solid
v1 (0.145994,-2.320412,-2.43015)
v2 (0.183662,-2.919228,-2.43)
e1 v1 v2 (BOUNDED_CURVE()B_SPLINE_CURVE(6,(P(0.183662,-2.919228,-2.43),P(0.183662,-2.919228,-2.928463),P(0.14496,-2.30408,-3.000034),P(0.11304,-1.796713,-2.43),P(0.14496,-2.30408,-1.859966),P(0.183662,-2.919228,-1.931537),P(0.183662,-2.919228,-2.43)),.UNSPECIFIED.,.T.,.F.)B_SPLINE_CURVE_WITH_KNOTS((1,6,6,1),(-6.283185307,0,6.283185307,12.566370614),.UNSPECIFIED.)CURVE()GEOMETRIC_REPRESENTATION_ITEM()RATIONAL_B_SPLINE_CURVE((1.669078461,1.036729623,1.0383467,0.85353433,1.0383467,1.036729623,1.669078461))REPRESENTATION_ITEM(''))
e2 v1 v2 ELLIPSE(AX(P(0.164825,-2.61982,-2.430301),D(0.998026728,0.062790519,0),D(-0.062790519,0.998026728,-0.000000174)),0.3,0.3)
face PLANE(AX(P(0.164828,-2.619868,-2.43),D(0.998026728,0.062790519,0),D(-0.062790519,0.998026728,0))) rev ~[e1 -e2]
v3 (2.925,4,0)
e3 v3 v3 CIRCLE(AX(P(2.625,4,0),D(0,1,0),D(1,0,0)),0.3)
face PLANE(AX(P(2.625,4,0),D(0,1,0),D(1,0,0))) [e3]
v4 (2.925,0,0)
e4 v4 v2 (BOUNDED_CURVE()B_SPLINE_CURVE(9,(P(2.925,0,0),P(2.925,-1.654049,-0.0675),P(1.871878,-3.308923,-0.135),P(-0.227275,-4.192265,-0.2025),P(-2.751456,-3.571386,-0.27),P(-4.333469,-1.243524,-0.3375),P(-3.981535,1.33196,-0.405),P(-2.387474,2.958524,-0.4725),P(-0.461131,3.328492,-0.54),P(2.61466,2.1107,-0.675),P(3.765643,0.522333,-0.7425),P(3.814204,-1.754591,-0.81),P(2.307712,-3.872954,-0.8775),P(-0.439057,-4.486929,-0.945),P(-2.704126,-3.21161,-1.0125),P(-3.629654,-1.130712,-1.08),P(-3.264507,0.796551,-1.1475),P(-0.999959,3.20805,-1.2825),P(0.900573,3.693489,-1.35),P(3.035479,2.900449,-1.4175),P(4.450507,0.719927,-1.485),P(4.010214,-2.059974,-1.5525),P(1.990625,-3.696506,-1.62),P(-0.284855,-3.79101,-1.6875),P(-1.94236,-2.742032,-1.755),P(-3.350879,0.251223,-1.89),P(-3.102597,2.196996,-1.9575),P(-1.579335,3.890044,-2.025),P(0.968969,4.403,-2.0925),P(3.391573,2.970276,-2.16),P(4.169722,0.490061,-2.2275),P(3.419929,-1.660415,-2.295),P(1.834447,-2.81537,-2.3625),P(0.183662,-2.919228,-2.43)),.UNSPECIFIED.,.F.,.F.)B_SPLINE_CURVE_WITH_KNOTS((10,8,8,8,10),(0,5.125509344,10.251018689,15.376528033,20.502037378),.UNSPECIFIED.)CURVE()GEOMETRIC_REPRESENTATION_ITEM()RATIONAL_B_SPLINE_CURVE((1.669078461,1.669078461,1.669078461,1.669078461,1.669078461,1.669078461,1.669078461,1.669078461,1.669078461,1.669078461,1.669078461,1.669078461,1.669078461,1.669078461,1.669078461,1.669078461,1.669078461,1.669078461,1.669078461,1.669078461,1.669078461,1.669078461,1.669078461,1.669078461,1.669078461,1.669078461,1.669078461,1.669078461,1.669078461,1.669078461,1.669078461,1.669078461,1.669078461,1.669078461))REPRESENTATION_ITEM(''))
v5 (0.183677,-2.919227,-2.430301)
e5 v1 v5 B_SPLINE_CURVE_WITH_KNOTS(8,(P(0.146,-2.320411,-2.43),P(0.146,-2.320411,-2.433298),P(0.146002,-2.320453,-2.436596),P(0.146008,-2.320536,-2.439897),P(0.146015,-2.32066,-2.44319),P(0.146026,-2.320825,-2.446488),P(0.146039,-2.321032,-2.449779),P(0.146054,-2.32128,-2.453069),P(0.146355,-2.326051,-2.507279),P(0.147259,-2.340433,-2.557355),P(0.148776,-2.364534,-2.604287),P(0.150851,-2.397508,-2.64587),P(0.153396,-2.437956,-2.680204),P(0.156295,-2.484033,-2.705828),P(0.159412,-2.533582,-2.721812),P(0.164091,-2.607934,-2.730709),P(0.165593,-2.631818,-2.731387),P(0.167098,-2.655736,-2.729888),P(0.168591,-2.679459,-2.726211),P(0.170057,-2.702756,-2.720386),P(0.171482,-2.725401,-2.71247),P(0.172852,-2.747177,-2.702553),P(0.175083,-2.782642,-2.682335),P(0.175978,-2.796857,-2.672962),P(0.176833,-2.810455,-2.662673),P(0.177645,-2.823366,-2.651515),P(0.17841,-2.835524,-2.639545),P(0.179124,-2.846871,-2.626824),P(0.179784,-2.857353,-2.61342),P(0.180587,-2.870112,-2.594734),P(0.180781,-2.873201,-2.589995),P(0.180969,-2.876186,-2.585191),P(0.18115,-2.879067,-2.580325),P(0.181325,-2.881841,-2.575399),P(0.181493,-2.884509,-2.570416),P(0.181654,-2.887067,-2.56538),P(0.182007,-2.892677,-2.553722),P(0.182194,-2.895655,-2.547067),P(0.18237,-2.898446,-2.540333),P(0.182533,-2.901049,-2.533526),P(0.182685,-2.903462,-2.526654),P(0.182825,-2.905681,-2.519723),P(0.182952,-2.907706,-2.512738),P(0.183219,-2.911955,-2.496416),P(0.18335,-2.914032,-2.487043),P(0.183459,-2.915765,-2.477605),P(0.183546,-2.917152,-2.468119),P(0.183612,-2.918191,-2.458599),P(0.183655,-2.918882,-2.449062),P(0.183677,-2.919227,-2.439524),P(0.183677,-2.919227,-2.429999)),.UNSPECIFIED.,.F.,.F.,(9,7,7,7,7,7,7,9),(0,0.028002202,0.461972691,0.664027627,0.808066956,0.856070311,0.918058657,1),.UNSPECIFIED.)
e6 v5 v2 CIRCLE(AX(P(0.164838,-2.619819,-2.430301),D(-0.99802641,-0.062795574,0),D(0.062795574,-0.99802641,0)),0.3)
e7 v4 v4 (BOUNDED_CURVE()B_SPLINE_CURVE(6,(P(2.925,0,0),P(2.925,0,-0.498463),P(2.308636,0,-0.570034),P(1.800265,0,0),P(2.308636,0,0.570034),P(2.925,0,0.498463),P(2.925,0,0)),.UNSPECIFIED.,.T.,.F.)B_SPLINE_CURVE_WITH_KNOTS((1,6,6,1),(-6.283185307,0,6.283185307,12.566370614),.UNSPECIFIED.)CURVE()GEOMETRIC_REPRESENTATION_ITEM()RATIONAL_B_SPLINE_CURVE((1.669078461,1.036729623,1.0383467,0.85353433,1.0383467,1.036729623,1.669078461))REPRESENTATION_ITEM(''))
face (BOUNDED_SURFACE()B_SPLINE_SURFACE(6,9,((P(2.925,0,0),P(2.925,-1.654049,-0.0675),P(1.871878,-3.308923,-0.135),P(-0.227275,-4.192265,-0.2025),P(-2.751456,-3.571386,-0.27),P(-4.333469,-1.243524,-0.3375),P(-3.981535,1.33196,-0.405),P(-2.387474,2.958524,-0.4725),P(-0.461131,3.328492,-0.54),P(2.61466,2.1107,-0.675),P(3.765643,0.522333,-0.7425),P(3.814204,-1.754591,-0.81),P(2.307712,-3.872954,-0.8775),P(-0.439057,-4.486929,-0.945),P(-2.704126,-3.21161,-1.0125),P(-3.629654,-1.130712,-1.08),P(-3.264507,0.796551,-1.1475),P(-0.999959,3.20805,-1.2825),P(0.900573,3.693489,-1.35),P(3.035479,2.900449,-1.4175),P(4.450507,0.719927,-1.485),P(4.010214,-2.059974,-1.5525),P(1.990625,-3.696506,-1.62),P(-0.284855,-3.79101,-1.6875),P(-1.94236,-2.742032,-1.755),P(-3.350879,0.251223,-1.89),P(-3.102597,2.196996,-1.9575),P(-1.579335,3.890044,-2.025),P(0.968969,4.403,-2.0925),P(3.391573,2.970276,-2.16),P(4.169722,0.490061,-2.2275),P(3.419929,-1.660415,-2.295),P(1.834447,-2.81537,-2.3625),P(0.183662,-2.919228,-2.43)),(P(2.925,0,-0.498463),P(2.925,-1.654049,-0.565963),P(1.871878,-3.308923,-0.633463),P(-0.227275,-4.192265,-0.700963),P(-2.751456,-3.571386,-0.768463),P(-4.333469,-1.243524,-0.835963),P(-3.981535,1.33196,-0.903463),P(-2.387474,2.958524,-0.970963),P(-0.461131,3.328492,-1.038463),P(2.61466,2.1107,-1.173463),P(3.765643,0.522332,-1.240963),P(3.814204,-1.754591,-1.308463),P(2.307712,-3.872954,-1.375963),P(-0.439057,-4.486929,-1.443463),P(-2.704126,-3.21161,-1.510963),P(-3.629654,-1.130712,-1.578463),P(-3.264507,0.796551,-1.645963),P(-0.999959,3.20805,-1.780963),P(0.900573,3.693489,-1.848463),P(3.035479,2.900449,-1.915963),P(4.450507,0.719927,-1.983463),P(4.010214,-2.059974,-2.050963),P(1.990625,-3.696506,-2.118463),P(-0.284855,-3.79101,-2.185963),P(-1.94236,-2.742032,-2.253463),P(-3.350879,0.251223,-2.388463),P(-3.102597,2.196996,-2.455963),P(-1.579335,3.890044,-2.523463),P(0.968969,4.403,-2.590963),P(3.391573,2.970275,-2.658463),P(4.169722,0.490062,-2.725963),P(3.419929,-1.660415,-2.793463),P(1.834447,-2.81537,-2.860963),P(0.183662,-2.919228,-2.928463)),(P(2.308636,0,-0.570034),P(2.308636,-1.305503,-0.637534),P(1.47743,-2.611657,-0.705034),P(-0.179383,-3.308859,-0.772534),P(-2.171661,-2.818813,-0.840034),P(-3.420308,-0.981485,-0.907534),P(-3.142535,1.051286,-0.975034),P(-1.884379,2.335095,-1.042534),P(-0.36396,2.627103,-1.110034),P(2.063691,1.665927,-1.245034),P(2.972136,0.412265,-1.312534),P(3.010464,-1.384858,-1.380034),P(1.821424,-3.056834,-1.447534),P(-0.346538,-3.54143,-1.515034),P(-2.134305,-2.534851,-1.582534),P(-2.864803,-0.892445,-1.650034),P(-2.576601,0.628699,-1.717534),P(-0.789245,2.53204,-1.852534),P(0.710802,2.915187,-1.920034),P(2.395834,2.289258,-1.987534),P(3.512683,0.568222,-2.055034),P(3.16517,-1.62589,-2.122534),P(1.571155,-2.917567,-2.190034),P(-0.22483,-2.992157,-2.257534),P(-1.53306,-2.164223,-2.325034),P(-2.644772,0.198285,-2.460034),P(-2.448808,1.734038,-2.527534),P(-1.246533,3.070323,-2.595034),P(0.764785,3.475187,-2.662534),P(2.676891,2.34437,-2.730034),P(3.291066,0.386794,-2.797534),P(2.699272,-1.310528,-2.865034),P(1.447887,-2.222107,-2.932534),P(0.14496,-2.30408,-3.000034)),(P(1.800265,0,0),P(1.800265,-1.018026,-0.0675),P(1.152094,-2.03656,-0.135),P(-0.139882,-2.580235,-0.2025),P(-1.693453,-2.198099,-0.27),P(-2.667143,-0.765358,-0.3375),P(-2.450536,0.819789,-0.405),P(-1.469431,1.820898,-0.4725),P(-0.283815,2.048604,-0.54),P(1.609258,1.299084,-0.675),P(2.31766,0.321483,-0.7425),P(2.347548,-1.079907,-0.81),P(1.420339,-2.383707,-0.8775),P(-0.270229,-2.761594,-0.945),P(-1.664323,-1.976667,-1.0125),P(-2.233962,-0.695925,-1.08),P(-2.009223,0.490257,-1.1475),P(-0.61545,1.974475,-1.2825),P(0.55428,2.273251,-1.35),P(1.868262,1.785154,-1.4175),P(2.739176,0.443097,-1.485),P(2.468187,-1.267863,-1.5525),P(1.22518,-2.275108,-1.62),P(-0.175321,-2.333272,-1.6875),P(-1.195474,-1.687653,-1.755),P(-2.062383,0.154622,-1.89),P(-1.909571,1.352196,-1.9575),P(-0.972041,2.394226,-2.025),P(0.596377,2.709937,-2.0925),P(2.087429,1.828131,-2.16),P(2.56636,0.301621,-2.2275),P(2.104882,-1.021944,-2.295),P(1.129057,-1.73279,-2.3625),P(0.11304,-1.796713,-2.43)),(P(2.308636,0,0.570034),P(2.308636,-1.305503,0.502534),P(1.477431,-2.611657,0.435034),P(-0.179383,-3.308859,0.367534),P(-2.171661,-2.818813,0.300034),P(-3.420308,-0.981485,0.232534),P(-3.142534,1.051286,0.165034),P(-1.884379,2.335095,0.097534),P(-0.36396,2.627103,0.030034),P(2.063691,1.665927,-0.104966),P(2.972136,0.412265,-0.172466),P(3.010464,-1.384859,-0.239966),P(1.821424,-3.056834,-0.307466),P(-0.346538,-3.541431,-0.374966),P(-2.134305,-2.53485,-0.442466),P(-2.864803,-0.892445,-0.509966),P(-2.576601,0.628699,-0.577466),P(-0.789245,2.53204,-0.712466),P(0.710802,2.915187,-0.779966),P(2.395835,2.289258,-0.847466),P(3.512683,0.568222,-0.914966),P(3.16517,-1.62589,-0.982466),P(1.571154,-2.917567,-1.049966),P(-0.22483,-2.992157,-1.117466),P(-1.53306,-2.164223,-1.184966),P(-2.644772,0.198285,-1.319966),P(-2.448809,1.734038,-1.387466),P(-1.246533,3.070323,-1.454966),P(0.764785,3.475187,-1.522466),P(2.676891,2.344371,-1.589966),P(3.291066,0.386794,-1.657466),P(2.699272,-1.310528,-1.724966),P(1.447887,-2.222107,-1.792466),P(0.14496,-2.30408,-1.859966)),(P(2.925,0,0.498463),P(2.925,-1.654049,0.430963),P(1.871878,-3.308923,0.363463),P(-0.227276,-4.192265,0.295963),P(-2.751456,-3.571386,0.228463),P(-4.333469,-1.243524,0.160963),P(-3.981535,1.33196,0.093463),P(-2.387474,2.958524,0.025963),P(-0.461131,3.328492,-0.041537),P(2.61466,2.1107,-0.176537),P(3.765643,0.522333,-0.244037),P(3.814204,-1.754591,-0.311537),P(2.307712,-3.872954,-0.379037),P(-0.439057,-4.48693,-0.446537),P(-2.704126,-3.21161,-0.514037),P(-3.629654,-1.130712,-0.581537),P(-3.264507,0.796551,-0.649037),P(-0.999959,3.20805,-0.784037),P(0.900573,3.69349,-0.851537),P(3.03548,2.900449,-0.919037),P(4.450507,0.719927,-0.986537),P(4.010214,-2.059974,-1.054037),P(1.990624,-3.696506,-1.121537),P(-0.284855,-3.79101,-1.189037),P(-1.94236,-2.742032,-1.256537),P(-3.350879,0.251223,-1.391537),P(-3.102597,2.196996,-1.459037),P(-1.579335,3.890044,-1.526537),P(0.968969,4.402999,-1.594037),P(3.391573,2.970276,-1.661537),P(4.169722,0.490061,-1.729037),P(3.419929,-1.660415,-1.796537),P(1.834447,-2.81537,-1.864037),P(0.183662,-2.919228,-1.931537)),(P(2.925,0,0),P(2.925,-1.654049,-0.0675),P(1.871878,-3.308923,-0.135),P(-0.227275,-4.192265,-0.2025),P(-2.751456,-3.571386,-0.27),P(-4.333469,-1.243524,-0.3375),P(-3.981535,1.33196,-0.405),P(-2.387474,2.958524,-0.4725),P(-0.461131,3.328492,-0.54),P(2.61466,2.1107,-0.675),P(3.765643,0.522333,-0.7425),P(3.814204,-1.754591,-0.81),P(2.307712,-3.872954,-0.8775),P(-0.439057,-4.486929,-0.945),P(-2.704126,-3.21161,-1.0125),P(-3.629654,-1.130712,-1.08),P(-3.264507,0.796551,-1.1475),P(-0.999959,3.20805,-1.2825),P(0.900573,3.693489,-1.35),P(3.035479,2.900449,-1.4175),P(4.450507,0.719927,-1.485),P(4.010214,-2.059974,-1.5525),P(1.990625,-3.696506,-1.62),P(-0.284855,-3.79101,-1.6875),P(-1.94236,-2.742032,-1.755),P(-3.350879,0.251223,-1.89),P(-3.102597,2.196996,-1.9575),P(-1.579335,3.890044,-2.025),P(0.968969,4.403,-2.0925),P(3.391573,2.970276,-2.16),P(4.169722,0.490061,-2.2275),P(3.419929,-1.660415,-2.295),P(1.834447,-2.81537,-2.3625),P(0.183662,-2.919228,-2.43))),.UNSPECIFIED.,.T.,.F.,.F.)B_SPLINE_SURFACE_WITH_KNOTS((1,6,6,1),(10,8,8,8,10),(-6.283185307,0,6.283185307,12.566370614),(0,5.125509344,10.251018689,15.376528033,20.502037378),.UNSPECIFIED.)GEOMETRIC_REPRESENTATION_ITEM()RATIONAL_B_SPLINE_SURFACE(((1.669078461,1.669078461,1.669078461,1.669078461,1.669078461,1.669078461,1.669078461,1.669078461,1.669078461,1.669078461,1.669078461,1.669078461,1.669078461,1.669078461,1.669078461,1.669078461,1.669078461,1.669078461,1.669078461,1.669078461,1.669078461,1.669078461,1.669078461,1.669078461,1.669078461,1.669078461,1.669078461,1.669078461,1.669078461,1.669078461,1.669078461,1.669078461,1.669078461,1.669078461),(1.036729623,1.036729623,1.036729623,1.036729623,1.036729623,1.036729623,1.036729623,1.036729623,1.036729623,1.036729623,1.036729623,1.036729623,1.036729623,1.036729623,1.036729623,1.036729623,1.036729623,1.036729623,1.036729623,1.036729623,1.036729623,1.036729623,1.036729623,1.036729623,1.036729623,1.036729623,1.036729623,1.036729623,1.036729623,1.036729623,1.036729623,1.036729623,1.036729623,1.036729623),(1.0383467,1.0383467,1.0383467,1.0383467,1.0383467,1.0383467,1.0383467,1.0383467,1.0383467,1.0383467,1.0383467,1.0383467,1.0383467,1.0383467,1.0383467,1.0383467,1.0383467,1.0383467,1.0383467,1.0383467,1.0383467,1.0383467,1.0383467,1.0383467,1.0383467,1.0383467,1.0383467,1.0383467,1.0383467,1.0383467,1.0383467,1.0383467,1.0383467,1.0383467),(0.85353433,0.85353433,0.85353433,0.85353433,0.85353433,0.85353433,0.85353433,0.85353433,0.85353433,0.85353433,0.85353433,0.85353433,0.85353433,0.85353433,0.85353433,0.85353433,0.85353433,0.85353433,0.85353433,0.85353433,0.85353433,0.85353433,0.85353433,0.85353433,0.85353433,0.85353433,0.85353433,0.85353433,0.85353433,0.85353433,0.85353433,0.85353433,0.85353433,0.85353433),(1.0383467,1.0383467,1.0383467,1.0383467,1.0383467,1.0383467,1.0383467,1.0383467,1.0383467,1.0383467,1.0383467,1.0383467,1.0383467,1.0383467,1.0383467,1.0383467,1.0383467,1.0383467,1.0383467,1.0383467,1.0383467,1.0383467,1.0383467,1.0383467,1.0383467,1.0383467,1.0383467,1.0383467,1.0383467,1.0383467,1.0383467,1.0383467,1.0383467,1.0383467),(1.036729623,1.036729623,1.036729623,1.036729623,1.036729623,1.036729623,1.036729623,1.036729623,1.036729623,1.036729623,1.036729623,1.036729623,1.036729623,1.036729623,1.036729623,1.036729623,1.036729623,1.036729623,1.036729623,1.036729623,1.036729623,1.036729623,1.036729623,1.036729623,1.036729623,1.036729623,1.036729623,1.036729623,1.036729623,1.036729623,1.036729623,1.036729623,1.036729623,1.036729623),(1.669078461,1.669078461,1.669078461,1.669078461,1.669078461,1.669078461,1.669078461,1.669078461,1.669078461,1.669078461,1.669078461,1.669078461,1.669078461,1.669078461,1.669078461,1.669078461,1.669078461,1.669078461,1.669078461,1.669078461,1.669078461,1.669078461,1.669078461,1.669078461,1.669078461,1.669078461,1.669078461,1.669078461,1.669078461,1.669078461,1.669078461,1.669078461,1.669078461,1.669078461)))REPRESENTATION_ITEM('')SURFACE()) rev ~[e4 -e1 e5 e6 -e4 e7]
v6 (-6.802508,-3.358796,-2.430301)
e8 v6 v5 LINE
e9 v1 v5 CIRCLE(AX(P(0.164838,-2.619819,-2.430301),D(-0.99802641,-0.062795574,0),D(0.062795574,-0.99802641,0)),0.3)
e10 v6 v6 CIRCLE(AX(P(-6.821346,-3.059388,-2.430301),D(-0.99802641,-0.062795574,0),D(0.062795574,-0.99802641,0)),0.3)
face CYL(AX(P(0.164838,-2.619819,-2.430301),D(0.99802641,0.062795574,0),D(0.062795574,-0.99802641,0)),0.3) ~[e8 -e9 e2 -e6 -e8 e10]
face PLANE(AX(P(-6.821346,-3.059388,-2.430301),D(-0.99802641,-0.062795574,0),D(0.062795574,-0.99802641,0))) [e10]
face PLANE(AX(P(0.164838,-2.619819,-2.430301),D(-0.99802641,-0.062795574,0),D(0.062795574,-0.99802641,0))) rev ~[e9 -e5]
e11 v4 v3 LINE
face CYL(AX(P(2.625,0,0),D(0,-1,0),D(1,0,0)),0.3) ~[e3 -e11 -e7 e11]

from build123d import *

# Parameters (mm, degrees)
SWEEP1_PITCH        = 0.75
SWEEP1_HEIGHT       = 2.43
SWEEP1_RADIUS       = 2.625
SWEEP1_START_ANGLE  = 180
SKETCH2_R           = 0.3
SKETCH4_R           = 0.3
BOSS_EXTRUDE1_DEPTH = 7
SKETCH5_R           = 0.3
BOSS_EXTRUDE2_DEPTH = 4


with BuildPart() as part:
    # Sweep1: sweep along a helix
    with BuildLine() as sweep1_path:
        add(Helix(SWEEP1_PITCH, SWEEP1_HEIGHT, SWEEP1_RADIUS, center=(0, 0, 0), direction=(0, 0, -1), mode=Mode.PRIVATE).rotate(Axis((0, 0, 0), (0, 0, -1)), SWEEP1_START_ANGLE))
    # Sketch2 → Sweep1 (sweep)
    with BuildSketch(Plane(origin=(0, 0, 0), x_dir=(1, 0, 0), z_dir=(0, 1, 0))):
        with Locations((2.625, 0)):
            Circle(SKETCH2_R)
    sweep(path=sweep1_path.line, is_frenet=True)

    # Sketch4 → Boss-Extrude1 (add)
    with BuildSketch(Plane(origin=(0, 0, 0), x_dir=(0.062795574, -0.99802641, 0), z_dir=(-0.99802641, -0.062795574, 0))):
        with Locations((2.625, -2.430301148)):
            Circle(SKETCH4_R)
    extrude(amount=BOSS_EXTRUDE1_DEPTH)

    # Sketch5 → Boss-Extrude2 (add)
    with BuildSketch(Plane(origin=(0, 0, 0), x_dir=(1, 0, 0), z_dir=(0, 1, 0))):
        with Locations((2.625, 0)):
            Circle(SKETCH5_R)
    extrude(amount=BOSS_EXTRUDE2_DEPTH)


solid = part.part
